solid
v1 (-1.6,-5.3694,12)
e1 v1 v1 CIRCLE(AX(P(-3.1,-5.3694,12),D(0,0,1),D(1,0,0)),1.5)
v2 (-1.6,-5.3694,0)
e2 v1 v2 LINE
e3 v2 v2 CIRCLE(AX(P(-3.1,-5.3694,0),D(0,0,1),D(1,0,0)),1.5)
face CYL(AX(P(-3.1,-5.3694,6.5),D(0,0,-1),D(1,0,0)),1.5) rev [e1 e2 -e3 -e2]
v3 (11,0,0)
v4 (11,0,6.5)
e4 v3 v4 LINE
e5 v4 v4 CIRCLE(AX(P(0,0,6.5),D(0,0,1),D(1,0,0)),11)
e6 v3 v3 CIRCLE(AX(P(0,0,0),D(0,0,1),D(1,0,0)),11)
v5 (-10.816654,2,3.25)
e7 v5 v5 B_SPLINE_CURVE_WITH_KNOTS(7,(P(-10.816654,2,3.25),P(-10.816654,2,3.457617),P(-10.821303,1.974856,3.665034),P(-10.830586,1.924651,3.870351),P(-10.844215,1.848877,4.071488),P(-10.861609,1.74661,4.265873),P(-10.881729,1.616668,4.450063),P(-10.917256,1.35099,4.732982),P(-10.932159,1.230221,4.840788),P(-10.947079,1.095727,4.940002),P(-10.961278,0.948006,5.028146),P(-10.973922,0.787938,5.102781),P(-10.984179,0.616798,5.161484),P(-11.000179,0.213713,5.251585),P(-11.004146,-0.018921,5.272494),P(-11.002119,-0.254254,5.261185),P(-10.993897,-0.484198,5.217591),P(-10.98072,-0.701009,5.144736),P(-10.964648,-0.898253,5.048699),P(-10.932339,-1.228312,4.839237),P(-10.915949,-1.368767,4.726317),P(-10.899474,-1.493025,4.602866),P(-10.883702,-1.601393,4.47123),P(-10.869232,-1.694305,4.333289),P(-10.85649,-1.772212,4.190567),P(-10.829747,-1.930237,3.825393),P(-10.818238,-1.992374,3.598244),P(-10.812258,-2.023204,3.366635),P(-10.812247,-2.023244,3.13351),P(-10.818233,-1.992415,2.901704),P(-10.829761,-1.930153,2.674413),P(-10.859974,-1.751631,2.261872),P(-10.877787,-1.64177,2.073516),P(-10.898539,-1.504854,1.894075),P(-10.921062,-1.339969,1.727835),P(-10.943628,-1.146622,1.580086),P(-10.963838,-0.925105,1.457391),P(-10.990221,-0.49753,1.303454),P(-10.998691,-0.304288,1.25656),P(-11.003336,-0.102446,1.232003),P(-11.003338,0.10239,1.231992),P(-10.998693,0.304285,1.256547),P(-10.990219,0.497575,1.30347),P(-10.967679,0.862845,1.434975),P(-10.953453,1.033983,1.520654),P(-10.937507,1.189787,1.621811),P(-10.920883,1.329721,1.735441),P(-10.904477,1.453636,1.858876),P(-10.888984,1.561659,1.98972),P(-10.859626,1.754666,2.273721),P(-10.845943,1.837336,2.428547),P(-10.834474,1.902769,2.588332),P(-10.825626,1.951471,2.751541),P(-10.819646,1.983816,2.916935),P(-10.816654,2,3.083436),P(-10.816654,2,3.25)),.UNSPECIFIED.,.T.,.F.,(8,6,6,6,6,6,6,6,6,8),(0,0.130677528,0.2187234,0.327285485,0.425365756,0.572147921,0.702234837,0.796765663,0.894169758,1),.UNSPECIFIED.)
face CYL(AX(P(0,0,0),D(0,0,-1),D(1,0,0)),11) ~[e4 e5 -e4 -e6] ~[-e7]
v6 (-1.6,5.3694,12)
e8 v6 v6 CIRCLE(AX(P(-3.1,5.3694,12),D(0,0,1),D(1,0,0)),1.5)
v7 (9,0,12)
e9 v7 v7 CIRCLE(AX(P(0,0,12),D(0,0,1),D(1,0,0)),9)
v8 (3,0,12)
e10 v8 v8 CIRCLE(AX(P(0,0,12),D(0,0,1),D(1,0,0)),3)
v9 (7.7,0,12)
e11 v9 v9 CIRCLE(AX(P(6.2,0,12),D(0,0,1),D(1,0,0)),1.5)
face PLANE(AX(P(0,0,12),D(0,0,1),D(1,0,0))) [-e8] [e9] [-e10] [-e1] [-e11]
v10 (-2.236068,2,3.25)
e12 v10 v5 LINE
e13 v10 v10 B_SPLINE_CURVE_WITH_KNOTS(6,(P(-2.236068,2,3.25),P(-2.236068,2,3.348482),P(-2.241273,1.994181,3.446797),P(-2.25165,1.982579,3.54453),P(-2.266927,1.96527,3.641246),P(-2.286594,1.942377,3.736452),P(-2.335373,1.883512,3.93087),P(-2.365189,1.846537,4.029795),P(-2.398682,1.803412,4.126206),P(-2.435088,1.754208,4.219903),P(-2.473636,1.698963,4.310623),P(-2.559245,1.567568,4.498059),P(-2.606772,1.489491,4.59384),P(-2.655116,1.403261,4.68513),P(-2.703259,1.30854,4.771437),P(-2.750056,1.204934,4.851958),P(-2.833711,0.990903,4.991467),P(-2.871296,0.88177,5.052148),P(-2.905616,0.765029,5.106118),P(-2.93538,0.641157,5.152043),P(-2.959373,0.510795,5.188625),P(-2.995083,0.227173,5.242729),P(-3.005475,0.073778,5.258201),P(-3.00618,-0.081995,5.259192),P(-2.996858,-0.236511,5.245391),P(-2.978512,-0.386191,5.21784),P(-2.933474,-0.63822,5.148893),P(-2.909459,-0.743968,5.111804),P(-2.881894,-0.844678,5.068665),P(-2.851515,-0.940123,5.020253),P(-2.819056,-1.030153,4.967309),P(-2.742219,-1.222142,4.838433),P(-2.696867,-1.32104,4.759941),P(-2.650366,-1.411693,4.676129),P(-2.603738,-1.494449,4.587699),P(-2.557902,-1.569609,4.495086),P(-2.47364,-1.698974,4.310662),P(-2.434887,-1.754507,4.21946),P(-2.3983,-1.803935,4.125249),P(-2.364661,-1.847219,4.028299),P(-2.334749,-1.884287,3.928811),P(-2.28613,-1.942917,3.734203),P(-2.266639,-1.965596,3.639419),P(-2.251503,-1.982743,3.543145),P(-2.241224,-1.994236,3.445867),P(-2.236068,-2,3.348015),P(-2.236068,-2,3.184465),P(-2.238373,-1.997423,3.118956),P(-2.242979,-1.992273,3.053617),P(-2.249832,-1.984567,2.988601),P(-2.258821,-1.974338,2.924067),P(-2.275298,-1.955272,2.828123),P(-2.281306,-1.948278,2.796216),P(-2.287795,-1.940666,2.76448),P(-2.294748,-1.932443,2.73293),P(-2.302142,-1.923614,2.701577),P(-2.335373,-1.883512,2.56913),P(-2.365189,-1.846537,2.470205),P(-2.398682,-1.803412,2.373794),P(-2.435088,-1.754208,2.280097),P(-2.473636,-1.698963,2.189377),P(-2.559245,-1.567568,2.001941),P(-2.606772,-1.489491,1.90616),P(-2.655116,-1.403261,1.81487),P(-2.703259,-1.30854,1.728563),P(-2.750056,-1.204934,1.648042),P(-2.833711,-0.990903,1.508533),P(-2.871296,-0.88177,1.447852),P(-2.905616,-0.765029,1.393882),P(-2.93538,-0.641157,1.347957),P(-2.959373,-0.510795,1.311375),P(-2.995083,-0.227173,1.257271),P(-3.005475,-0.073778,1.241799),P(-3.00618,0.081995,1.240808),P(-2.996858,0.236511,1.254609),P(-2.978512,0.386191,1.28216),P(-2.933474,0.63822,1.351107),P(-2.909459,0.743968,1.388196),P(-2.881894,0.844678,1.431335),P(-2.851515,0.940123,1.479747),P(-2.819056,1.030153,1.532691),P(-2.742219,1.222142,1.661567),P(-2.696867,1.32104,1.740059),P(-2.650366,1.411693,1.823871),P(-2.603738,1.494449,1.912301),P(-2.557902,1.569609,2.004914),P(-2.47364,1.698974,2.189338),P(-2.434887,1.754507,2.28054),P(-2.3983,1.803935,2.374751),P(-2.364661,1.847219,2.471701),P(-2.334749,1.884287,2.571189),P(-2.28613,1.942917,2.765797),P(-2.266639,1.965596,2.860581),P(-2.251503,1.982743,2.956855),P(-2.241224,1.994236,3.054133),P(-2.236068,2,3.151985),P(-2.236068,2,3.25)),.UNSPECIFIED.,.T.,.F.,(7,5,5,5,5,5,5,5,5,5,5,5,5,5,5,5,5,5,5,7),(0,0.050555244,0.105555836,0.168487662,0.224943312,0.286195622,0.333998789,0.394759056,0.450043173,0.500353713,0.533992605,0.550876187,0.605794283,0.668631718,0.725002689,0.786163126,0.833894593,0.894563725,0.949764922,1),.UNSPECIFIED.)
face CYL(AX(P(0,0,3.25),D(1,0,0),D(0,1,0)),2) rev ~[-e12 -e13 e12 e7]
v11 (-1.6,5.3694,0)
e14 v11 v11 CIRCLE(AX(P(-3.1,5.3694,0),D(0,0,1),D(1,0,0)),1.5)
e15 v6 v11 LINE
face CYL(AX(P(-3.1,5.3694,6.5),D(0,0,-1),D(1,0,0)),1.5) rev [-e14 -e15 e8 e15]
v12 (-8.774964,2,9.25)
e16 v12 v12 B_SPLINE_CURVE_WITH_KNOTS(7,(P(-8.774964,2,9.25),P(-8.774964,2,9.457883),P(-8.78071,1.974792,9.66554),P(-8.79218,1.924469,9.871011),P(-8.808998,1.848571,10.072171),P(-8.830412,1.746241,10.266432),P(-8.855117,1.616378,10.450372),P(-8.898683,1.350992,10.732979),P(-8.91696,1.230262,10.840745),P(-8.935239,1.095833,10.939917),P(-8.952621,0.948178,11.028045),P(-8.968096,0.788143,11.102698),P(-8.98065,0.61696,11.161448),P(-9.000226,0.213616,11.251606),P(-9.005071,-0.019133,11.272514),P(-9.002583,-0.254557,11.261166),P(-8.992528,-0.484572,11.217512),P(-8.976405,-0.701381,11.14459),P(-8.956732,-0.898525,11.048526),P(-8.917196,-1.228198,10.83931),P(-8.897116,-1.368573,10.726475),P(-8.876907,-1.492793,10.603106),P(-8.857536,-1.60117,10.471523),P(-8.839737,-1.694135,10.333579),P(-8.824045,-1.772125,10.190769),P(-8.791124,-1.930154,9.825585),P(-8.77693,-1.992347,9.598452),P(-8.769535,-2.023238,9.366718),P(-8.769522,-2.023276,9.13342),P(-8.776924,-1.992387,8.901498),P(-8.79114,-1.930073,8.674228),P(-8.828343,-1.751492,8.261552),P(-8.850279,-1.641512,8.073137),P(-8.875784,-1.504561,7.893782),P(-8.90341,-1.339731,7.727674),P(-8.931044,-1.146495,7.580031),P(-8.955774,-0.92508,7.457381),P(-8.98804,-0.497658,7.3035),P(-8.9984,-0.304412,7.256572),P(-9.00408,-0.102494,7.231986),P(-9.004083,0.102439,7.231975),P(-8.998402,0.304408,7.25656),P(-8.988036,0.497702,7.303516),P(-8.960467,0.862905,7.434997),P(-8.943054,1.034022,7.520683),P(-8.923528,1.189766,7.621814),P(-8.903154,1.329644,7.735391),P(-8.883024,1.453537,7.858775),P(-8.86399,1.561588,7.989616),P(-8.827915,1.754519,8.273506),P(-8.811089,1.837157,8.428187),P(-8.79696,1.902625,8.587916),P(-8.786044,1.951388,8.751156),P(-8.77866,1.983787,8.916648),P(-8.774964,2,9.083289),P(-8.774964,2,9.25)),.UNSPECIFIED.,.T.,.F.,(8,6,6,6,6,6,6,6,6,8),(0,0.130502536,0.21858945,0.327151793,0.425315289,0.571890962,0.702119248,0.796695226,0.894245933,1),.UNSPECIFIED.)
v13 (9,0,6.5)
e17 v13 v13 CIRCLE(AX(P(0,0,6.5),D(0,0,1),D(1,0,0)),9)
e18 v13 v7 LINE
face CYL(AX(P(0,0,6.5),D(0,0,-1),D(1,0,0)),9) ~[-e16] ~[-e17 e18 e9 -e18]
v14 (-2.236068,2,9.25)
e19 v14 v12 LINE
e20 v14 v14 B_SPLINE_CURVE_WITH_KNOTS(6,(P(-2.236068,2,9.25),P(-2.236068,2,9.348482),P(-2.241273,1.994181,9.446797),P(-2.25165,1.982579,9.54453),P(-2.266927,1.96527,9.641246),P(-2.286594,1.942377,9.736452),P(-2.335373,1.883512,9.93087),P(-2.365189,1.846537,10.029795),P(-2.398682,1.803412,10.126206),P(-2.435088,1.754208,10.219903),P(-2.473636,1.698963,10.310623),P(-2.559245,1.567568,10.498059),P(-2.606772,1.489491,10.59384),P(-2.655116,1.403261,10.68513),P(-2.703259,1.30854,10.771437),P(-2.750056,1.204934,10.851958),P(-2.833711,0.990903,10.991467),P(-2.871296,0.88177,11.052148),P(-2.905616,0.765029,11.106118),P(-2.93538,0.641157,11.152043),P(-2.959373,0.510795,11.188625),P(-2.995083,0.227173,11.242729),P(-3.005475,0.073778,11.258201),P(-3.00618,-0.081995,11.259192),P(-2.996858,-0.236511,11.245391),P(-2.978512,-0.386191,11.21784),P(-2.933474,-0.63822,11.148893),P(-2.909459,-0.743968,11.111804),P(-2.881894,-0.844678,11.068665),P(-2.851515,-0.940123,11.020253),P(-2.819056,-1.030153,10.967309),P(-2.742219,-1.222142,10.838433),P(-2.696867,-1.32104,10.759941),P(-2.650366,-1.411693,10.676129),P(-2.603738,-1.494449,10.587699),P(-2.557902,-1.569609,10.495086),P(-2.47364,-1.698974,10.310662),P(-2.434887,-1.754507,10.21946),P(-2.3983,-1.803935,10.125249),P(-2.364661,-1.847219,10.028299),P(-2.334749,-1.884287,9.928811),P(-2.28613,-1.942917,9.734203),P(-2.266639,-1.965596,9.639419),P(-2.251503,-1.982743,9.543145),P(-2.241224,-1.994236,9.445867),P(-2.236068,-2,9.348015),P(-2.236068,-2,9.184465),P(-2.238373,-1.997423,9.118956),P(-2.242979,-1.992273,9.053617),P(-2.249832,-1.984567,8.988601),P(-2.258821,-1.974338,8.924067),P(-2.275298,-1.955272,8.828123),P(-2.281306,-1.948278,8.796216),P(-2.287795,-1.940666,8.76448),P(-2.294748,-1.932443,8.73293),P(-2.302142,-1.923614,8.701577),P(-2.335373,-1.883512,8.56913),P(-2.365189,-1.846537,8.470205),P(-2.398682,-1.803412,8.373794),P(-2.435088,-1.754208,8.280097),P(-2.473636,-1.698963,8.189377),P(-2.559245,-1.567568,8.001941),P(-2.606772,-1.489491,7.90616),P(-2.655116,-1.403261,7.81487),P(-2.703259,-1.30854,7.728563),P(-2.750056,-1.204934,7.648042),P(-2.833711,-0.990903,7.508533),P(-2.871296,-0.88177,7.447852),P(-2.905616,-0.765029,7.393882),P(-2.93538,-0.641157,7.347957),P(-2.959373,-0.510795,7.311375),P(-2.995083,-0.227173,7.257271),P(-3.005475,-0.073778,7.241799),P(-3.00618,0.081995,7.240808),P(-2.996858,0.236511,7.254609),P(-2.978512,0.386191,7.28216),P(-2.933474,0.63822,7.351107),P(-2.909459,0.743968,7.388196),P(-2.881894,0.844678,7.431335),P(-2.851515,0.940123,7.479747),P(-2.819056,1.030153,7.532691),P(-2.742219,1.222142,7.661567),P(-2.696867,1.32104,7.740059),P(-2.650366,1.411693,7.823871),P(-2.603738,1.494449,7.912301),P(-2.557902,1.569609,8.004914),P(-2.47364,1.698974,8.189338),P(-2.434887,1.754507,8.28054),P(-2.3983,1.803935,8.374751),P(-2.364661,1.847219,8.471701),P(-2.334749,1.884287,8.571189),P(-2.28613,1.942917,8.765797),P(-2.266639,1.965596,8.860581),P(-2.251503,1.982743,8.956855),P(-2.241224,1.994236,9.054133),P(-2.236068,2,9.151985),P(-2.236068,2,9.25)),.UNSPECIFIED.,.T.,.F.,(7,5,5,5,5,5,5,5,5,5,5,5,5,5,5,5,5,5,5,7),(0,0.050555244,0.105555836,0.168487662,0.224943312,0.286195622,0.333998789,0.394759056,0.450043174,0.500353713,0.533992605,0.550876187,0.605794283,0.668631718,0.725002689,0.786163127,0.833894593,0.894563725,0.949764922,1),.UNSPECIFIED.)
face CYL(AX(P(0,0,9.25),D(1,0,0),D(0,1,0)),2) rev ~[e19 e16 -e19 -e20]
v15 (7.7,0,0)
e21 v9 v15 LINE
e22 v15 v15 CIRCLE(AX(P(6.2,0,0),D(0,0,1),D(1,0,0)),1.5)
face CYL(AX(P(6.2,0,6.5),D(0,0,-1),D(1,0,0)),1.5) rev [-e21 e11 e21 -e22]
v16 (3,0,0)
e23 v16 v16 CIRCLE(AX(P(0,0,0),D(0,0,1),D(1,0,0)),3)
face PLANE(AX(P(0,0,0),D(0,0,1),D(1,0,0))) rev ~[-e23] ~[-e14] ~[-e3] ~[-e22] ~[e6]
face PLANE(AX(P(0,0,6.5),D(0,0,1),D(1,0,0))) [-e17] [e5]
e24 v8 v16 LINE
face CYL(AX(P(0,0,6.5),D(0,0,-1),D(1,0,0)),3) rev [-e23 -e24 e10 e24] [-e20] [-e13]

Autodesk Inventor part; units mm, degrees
ref_plane "YZ Plane" through (0, 0, 0) normal (1, 0, 0) x (0, 1, 0)
ref_plane "XZ Plane" through (0, 0, 0) normal (0, 1, 0) x (-1, 0, 0)
ref_plane "XY Plane" through (0, 0, 0) normal (0, 0, 1) x (1, 0, 0)
sketch "Sketch3" plane through (0, 0, 0) normal (0, 0, 1) x (1, 0, 0)
  circle A0 centre (0, 0) radius 11
  circle A1 centre (0, 0) radius 3
  circle A2 centre (6.2, 0) radius 1.5
  circle A3 centre (3.1, 5.3694) radius 1.5
  circle A4 centre (-3.1, 5.3694) radius 1.5
  circle A5 centre (-6.2, 0) radius 1.5
  circle A6 centre (-3.1, -5.3694) radius 1.5
  circle A7 centre (3.1, -5.3694) radius 1.5
  dimension "d0" = 22
  dimension "d1" = 6
  dimension "d4" = 3
  dimension "d5" = 6.2
  dimension "d12" = 360
extrude "Extrusion1" add sketch "Sketch3" along normal blind 6.5 contours A0 | A3 | A5 | A7
sketch "Sketch6" plane through (0, 0, 6.5) normal (0, 0, 1) x (1, 0, 0)
  circle A0 centre (0, 0) radius 3 projected
  circle A1 centre (-3.1, -5.3694) radius 1.5 projected
  circle A2 centre (-3.1, 5.3694) radius 1.5 projected
  circle A3 centre (6.2, 0) radius 1.5 projected
  circle A4 centre (0, 0) radius 11 projected
  circle A5 centre (0, 0) radius 9
  dimension "d27" = 18
extrude "Extrusion4" add sketch "Sketch6" along normal blind 5.5 contours A5
sketch "Sketch7" plane through (0, 0, 0) normal (1, 0, 0) x (0, 1, 0)
  circle A0 centre (0, 3.25) radius 2
  circle A1 centre (0, 9.25) radius 2
  line L0 (11, 0) -> (11, 6.5) projected
  line L1 (9, 6.5) -> (9, 12) projected
  point P0 (0, 0)
  point P1 (11, 3.25)
  point P2 (9, 9.25)
  dimension "d30" = 4
  dimension "d31" = 4
extrude "Extrusion5" cut sketch "Sketch7" against normal through all
thread "Thread5" size "M4x0.7" class "6H" standard "ANSI Metric M Profile" full length
thread "Thread6" size "M4x0.7" class "6H" standard "ANSI Metric M Profile" full length
thread "Thread7" size "M3x0.5" class "6H" standard "ANSI Metric M Profile" full length
thread "Thread8" size "M3x0.5" class "6H" standard "ANSI Metric M Profile" full length
thread "Thread9" size "M3x0.5" class "6H" standard "ANSI Metric M Profile" full length
properties part number "6mm Mounting Hub, thin" material "ABS Plastic"
